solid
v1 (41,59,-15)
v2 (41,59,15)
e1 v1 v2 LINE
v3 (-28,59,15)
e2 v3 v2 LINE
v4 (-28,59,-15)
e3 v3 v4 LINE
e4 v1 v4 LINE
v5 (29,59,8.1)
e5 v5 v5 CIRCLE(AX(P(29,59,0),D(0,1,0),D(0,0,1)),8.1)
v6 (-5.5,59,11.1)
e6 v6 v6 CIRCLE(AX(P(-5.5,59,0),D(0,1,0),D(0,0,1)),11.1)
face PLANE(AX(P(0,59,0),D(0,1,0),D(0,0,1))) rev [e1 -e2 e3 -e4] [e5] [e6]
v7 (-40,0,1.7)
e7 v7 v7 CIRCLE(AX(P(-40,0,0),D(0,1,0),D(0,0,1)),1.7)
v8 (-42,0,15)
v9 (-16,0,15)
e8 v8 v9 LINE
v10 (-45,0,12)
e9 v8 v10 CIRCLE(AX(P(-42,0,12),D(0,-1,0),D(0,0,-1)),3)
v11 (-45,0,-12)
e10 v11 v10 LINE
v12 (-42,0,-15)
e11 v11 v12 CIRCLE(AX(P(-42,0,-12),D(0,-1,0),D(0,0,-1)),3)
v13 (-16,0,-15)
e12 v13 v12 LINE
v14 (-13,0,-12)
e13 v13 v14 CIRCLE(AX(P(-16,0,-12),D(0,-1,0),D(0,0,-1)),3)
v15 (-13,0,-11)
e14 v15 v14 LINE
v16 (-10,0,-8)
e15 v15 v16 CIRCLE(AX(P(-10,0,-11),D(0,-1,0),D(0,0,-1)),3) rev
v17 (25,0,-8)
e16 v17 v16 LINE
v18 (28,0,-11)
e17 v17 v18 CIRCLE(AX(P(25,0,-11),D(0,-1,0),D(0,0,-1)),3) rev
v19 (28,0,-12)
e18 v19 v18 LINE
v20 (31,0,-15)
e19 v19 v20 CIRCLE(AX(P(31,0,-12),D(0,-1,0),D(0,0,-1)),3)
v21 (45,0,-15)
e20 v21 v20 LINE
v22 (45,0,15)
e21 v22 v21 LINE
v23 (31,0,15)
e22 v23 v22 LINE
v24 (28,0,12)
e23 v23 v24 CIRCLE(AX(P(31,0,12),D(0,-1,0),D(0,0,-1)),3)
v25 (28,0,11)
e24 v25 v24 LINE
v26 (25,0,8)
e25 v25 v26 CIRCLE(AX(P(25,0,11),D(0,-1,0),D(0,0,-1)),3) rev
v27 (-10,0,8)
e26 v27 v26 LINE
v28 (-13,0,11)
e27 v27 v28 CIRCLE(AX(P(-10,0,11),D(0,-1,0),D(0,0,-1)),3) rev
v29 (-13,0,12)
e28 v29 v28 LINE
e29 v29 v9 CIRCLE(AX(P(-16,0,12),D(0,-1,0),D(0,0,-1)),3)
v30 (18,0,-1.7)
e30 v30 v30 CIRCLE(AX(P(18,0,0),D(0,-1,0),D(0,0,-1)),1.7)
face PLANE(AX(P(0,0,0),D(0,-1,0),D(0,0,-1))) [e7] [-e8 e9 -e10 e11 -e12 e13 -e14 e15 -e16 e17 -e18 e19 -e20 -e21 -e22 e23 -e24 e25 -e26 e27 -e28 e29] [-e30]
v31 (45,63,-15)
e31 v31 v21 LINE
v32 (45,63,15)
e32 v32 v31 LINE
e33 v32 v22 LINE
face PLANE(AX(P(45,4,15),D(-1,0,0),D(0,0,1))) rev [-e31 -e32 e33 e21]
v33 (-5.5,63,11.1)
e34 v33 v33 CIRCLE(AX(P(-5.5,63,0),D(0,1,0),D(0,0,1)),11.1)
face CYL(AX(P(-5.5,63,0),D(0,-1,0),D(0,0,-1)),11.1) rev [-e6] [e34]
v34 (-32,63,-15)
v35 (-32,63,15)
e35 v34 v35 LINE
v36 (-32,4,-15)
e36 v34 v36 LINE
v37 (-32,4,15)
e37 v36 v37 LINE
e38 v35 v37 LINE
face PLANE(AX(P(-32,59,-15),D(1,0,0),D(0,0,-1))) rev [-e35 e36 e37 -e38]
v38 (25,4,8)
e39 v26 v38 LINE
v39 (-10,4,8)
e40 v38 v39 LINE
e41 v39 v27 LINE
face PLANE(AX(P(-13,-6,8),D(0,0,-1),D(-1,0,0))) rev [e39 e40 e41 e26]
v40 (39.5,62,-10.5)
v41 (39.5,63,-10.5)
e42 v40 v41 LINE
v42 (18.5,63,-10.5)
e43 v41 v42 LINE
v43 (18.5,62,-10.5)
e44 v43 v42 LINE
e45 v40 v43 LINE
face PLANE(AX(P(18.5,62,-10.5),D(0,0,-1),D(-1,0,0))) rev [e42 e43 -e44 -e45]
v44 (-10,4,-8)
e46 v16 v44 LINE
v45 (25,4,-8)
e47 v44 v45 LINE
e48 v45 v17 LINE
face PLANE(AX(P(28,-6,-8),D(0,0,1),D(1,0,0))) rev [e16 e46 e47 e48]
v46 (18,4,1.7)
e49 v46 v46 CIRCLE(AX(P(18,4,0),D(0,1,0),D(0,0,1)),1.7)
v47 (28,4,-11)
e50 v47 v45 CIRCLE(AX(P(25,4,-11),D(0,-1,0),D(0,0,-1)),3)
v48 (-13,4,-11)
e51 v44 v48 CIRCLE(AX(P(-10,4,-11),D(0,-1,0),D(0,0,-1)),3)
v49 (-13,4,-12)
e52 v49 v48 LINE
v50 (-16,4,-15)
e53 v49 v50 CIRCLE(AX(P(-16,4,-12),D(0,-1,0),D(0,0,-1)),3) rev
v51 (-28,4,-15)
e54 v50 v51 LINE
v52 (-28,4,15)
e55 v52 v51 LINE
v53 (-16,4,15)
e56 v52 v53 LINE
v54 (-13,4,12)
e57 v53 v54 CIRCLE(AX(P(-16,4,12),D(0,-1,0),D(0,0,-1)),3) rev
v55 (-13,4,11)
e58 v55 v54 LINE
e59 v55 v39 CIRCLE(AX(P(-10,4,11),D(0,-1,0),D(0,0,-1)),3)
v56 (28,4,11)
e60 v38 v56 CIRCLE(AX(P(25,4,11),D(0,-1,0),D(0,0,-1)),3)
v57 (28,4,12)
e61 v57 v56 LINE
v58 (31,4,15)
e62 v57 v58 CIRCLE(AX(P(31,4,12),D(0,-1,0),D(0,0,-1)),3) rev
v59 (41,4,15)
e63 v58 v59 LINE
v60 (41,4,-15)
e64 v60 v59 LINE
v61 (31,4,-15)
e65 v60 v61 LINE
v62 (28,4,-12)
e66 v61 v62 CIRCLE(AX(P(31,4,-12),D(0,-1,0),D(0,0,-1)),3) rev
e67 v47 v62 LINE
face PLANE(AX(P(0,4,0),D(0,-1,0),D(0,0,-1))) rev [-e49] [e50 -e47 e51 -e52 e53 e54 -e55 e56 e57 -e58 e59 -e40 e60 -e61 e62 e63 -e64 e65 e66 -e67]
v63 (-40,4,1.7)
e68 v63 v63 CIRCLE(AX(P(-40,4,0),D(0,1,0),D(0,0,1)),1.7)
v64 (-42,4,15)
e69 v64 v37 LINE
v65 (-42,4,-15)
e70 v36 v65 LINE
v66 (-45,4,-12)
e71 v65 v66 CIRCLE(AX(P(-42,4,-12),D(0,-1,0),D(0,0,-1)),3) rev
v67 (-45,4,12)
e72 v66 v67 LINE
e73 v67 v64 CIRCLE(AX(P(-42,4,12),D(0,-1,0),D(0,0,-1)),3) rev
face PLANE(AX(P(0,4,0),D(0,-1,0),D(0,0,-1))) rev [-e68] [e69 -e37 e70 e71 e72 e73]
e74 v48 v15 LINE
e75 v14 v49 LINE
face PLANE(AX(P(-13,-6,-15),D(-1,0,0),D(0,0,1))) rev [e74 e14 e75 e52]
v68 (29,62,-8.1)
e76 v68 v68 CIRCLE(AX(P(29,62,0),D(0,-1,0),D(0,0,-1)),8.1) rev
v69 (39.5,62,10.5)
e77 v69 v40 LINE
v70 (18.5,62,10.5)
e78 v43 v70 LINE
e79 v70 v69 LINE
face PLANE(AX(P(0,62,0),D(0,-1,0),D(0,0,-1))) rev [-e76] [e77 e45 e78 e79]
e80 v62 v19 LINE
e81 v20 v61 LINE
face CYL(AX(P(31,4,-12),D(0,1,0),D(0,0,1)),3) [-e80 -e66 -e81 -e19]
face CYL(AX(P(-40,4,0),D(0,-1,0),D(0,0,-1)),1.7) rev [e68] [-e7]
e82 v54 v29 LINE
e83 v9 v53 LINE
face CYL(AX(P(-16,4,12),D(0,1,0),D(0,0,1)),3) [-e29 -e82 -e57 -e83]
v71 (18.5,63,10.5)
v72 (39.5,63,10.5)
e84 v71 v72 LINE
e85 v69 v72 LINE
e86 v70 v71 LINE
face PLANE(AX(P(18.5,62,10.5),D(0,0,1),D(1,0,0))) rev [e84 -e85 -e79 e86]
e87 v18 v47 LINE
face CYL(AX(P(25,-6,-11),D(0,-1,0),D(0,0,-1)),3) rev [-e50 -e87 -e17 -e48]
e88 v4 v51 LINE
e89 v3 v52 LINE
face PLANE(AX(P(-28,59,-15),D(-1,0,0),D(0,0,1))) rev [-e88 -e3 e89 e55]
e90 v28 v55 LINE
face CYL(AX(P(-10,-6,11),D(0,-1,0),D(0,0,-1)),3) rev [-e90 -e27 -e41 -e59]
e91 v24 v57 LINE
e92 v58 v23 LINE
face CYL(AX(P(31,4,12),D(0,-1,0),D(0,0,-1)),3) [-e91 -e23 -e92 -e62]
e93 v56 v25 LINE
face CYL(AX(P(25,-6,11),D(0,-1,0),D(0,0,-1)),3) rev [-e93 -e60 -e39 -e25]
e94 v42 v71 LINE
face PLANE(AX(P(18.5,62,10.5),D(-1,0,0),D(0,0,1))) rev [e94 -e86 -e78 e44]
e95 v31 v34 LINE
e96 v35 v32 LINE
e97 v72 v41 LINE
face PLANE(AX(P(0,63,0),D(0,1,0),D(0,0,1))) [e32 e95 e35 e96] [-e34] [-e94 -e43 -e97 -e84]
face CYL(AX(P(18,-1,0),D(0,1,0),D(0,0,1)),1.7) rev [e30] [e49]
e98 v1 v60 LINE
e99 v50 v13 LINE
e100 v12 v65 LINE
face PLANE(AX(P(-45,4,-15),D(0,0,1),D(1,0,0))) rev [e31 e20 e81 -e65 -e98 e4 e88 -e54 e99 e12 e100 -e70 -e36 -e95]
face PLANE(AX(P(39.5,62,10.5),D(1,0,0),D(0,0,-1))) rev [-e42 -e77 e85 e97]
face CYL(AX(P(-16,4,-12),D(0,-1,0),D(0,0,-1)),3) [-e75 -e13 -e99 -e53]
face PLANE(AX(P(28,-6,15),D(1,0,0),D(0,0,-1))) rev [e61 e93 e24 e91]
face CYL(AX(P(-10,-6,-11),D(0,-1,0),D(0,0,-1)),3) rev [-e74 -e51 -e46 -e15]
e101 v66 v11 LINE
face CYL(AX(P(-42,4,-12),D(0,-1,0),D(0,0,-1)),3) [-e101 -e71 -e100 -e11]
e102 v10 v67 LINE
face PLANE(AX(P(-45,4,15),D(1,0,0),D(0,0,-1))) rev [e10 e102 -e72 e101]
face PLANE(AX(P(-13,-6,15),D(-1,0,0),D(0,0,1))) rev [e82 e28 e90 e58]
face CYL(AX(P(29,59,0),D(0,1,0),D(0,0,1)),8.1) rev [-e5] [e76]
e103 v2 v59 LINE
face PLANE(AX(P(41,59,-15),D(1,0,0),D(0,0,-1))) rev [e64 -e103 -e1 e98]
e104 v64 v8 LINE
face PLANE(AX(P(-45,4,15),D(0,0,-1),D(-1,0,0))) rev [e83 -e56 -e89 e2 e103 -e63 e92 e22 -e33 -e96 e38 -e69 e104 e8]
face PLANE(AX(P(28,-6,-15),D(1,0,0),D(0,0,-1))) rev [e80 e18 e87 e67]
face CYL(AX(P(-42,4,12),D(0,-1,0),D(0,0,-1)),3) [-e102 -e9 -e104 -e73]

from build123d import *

# Parameters (mm, degrees)
SKETCH_1_W          = 90
SKETCH_1_H          = 30
SKETCH_1_R          = 1.7
EXTRUDE_1_DEPTH     = 4
SKETCH_2_W          = 4
SKETCH_2_H          = 30
EXTRUDE_2_DEPTH     = 55
SKETCH_3_W          = 77
SKETCH_3_H          = 30
SKETCH_3_R          = 11.1
EXTRUDE_3_DEPTH     = 4
SKETCH_4_R          = 8.1
CUT_EXTRUDE_1_DEPTH = 4
SKETCH_5_W          = 21
SKETCH_5_H          = 21
CUT_EXTRUDE_2_DEPTH = 1
SKETCH_6_R          = 1.7
CUT_EXTRUDE_3_DEPTH = 5
SKETCH_7_W          = 41
SKETCH_7_H          = 7
CUT_EXTRUDE_4_DEPTH = 10
FILLET_1_R          = 3


with BuildPart() as part:
    # 草图1 → 凸台-拉伸1 (new body)
    with BuildSketch(Plane(origin=(0, 0, 0), x_dir=(1, 0, 0), z_dir=(0, 1, 0))):
        Rectangle(SKETCH_1_W, SKETCH_1_H)
        with Locations(Location((-40, 0, 0), (0, 0, 270))):
            Circle(SKETCH_1_R, mode=Mode.SUBTRACT)
    extrude(amount=EXTRUDE_1_DEPTH)

    # 草图2 → 凸台-拉伸2 (add)
    with BuildSketch(Plane(origin=(0, 4, 0), x_dir=(1, 0, 0), z_dir=(0, 1, 0))):
        with Locations((-30, 0)):
            Rectangle(SKETCH_2_W, SKETCH_2_H)
        with Locations((43, 0)):
            Rectangle(SKETCH_2_W, SKETCH_2_H)
    extrude(amount=EXTRUDE_2_DEPTH)

    # 草图3 → 凸台-拉伸3 (add)
    with BuildSketch(Plane(origin=(0, 59, 0), x_dir=(1, 0, 0), z_dir=(0, 1, 0))):
        with Locations((6.5, 0)):
            Rectangle(SKETCH_3_W, SKETCH_3_H)
        with Locations(Location((-5.5, 0, 0), (0, 0, 270))):
            Circle(SKETCH_3_R, mode=Mode.SUBTRACT)
    extrude(amount=EXTRUDE_3_DEPTH)

    # 草图4 → 切除-拉伸1 (cut)
    with BuildSketch(Plane(origin=(0, 63, 0), x_dir=(1, 0, 0), z_dir=(0, 1, 0))):
        with Locations(Location((29, 0, 0), (0, 0, 270))):
            Circle(SKETCH_4_R)
    extrude(amount=-CUT_EXTRUDE_1_DEPTH, mode=Mode.SUBTRACT)

    # 草图5 → 切除-拉伸2 (cut)
    with BuildSketch(Plane(origin=(0, 63, 0), x_dir=(1, 0, 0), z_dir=(0, 1, 0))):
        with Locations((29, 0)):
            Rectangle(SKETCH_5_W, SKETCH_5_H)
    extrude(amount=-CUT_EXTRUDE_2_DEPTH, mode=Mode.SUBTRACT)

    # 草图6 → 切除-拉伸3 (cut)
    with BuildSketch(Plane(origin=(0, 4, 0), x_dir=(1, 0, 0), z_dir=(0, 1, 0))):
        with Locations(Location((18, 0, 0), (0, 0, 270))):
            Circle(SKETCH_6_R)
    extrude(amount=-CUT_EXTRUDE_3_DEPTH, mode=Mode.SUBTRACT)

    # 草图7 → 切除-拉伸4 (cut)
    with BuildSketch(Plane(origin=(0, 4, 0), x_dir=(1, 0, 0), z_dir=(0, 1, 0))):
        with Locations((7.5, -11.5)):
            Rectangle(SKETCH_7_W, SKETCH_7_H)
        with Locations((7.5, 11.5)):
            Rectangle(SKETCH_7_W, SKETCH_7_H)
    extrude(amount=-CUT_EXTRUDE_4_DEPTH, mode=Mode.SUBTRACT)

    # 圆角1
    fillet_1_edges = [part.edges().sort_by_distance(p)[0] for p in [
        (28, 2, -8),
        (-13, 2, -8),
        (-45, 2, 15),
        (-45, 2, -15),
        (28, 2, 15),
        (-13, 2, 15),
        (-13, 2, -15),
        (28, 2, -15),
        (-13, 2, 8),
        (28, 2, 8),
    ]]
    fillet(fillet_1_edges, radius=FILLET_1_R)


solid = part.part
